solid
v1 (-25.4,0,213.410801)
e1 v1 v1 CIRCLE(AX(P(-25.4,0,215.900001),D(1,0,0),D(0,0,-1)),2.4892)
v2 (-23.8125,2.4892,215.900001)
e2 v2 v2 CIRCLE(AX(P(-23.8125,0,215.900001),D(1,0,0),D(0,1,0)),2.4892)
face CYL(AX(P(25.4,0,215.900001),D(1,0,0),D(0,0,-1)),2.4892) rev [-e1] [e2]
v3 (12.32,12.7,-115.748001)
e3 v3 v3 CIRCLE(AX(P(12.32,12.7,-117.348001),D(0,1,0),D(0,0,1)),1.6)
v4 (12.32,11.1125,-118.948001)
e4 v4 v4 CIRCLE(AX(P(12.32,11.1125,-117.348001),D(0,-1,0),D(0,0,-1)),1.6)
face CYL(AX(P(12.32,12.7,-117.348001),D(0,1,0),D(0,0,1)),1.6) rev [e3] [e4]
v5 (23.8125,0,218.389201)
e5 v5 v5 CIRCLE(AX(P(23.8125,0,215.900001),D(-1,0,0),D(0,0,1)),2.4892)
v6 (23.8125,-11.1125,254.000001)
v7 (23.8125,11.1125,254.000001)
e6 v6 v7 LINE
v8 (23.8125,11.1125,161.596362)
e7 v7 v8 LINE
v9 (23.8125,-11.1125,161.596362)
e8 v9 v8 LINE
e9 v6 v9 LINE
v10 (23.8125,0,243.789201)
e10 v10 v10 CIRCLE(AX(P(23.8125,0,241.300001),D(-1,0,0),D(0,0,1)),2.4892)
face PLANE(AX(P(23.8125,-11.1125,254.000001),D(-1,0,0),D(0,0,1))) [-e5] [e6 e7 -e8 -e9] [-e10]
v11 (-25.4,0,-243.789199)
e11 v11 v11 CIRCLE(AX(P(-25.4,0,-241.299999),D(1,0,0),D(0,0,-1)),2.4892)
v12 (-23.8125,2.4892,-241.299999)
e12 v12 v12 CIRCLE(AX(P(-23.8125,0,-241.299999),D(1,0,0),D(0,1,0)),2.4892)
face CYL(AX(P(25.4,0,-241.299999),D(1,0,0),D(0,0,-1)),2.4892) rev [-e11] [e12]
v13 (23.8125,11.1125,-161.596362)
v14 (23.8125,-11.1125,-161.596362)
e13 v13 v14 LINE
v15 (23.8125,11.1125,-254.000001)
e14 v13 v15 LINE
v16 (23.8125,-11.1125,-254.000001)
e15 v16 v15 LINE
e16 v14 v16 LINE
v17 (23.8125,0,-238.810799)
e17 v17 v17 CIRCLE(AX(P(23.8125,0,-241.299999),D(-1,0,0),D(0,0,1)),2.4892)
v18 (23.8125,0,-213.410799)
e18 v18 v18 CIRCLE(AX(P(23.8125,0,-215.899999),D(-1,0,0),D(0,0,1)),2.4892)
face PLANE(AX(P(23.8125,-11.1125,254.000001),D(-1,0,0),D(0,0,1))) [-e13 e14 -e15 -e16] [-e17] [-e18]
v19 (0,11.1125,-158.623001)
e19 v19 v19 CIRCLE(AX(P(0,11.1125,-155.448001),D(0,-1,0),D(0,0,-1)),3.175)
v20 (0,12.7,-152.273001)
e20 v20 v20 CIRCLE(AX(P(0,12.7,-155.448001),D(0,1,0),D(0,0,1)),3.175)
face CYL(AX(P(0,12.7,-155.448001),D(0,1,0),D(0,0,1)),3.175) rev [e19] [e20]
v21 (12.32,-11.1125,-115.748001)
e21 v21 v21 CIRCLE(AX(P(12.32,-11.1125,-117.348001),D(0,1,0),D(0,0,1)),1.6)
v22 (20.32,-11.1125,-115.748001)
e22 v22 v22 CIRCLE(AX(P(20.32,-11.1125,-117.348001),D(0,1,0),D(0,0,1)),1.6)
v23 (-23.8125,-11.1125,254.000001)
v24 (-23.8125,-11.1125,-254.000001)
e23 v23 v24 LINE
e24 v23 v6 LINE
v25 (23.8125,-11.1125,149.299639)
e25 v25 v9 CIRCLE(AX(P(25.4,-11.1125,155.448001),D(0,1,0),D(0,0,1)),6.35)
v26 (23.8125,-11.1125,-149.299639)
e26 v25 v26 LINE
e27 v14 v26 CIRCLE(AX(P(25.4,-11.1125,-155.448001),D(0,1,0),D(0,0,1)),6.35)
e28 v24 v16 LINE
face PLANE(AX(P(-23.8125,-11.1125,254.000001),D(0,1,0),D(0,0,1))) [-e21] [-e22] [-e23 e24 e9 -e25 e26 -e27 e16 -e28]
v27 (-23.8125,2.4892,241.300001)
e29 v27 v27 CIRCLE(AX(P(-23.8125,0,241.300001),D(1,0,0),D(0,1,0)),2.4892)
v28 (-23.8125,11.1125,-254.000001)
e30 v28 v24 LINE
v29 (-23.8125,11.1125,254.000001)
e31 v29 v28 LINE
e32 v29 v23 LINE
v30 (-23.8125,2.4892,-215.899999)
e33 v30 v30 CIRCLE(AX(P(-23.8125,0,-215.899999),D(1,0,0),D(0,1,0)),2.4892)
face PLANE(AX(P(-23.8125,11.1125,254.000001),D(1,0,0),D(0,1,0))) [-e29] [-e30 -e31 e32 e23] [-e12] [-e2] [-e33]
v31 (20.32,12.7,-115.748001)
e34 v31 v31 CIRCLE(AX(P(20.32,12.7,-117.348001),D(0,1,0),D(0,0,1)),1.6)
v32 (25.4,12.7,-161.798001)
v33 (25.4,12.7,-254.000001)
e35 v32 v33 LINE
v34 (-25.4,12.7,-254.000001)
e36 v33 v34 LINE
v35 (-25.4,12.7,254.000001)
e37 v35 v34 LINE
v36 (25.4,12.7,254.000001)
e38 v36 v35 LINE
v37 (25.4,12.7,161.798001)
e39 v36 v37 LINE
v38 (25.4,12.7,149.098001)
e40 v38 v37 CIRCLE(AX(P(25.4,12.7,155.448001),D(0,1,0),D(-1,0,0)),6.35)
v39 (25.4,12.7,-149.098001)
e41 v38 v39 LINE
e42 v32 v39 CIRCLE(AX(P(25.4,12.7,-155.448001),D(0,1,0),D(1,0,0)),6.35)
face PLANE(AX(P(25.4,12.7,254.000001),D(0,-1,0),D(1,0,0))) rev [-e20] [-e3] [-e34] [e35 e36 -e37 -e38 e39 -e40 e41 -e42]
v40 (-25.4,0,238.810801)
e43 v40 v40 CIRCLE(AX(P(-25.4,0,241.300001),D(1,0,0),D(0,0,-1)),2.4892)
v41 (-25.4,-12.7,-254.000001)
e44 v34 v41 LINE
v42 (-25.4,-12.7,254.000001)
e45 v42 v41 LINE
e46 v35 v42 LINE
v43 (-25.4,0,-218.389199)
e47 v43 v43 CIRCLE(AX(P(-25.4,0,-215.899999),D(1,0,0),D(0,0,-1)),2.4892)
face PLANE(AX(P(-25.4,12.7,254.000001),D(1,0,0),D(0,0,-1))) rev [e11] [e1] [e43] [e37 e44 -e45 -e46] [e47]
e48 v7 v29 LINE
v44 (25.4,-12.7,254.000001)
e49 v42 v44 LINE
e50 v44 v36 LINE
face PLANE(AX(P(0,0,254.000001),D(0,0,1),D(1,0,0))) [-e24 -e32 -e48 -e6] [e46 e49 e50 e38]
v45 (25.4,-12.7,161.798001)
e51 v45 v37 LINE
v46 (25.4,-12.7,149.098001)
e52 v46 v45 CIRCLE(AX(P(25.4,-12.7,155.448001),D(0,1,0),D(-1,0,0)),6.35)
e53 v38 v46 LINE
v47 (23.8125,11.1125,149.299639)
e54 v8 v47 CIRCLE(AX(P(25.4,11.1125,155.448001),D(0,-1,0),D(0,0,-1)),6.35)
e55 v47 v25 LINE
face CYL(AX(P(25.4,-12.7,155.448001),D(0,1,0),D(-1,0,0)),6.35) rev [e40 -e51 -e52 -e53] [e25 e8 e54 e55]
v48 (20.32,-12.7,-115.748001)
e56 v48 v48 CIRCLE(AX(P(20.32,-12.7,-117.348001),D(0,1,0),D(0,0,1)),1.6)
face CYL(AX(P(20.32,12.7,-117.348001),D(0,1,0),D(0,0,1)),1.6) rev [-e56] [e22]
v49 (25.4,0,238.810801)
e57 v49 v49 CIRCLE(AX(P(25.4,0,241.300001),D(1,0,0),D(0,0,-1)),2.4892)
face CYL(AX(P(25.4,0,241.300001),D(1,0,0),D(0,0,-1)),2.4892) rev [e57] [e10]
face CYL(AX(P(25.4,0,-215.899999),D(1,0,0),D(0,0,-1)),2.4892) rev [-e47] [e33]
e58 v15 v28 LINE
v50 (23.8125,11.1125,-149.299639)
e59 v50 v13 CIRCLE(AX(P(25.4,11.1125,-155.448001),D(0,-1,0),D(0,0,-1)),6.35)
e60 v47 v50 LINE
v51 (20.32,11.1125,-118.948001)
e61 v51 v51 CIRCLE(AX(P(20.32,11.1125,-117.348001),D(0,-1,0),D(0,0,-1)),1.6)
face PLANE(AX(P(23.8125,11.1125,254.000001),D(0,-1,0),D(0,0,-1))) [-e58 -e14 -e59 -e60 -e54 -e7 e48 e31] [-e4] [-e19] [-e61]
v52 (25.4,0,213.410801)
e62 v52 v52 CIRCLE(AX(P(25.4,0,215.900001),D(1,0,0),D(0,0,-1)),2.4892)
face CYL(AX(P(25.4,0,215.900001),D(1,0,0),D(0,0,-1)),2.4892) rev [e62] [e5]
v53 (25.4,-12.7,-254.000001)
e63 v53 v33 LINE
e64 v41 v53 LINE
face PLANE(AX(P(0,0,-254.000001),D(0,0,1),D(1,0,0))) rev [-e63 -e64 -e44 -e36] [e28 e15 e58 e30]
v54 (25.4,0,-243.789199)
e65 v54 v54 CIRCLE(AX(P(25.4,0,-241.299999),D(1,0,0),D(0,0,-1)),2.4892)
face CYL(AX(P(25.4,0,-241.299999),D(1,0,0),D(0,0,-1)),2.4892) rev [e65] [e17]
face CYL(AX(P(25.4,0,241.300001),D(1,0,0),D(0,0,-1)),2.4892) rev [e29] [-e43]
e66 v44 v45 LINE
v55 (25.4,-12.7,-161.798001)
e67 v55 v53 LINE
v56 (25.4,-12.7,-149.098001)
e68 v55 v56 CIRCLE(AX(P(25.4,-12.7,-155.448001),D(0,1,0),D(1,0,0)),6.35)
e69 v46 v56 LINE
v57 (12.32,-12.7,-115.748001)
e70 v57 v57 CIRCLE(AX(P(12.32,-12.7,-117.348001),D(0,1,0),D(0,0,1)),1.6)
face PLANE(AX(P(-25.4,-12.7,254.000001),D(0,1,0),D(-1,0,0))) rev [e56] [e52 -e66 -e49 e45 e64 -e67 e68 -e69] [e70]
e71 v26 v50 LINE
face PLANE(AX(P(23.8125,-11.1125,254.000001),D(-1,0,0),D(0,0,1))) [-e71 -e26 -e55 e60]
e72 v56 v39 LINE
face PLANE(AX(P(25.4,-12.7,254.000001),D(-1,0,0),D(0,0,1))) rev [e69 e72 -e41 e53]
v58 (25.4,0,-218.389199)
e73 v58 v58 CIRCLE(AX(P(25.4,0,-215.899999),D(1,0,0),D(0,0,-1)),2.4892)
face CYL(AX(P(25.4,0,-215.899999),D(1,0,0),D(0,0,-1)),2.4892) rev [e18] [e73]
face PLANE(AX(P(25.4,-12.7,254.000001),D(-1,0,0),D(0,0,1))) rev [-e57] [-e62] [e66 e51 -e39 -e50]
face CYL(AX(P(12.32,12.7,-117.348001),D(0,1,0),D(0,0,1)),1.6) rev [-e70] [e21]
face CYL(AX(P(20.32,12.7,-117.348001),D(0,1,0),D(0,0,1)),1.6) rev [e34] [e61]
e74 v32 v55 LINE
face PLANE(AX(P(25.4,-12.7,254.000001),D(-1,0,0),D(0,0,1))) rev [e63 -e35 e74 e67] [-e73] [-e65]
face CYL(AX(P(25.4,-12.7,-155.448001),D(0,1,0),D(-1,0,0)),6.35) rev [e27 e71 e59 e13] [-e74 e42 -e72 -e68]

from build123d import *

# Parameters (mm, degrees)
BOSS_EXTRUDE1_DEPTH             = 254.000001
BOSS_EXTRUDE1_DEPTH_BACK        = 254.000001
SKETCH3_W                       = 50.8
SKETCH3_H                       = 25.4
SKETCH3_W_2                     = 47.625
SKETCH3_H_2                     = 22.225
F_10_CLEARANCE_HOLE1_D          = 4.9784
SKETCH6_R                       = 6.35
CUT_EXTRUDE1_DEPTH              = 257.527426425
F_1_4_0_25_DIAMETER_HOLE1_D     = 6.35
F_1_4_0_25_DIAMETER_HOLE1_DEPTH = 5.08
F_1_4_0_25_DIAMETER_HOLE1_TIP   = 1.907732465
F_3_2_3_2_DIAMETER_HOLE1_D      = 3.2


with BuildPart() as part:
    # Sketch3 → Boss-Extrude1 (new, two sides: drawn at the far end of the back side and taken through both)
    with BuildSketch(Plane.XY.offset(-BOSS_EXTRUDE1_DEPTH_BACK)):
        Rectangle(SKETCH3_W, SKETCH3_H)
        Rectangle(SKETCH3_W_2, SKETCH3_H_2, mode=Mode.SUBTRACT)
    extrude(amount=BOSS_EXTRUDE1_DEPTH + BOSS_EXTRUDE1_DEPTH_BACK)

    # #10 Clearance Hole1 (through all)
    with Locations(Plane(origin=(25.4, 0, 0), x_dir=(0, 0, -1), z_dir=(1, 0, 0))):
        with Locations((-215.900000508, 0), (-241.300000508, 0), (215.899999492, 0), (241.299999492, 0)):
            Hole(F_10_CLEARANCE_HOLE1_D / 2)

    # Sketch6 → Cut-Extrude1 (cut, through all)
    with BuildSketch(Plane(origin=(0, 12.7, 0), x_dir=(1, 0, 0), z_dir=(0, 1, 0))):
        with Locations((25.4, -155.448000508)):
            Circle(SKETCH6_R)
        with Locations((25.4, 155.448000508)):
            Circle(SKETCH6_R)
    extrude(amount=-CUT_EXTRUDE1_DEPTH, mode=Mode.SUBTRACT)

    # 1/4 (0.25) Diameter Hole1
    with Locations(Plane(origin=(0, 12.7, 0), x_dir=(1, 0, 0), z_dir=(0, 1, 0))):
        with Locations((0, 155.448000508)):
            Hole(F_1_4_0_25_DIAMETER_HOLE1_D / 2, depth=F_1_4_0_25_DIAMETER_HOLE1_DEPTH)
            with Locations((0, 0, -(F_1_4_0_25_DIAMETER_HOLE1_DEPTH + F_1_4_0_25_DIAMETER_HOLE1_TIP / 2))):  # 118° drill point
                Cone(0, F_1_4_0_25_DIAMETER_HOLE1_D / 2, F_1_4_0_25_DIAMETER_HOLE1_TIP, mode=Mode.SUBTRACT)

    # Ø3.2 (3.2) Diameter Hole1 (through all)
    with Locations(Plane(origin=(0, 12.7, 0), x_dir=(1, 0, 0), z_dir=(0, 1, 0))):
        with Locations((20.32, 117.348000508), (12.32, 117.348000508)):
            Hole(F_3_2_3_2_DIAMETER_HOLE1_D / 2)


solid = part.part
